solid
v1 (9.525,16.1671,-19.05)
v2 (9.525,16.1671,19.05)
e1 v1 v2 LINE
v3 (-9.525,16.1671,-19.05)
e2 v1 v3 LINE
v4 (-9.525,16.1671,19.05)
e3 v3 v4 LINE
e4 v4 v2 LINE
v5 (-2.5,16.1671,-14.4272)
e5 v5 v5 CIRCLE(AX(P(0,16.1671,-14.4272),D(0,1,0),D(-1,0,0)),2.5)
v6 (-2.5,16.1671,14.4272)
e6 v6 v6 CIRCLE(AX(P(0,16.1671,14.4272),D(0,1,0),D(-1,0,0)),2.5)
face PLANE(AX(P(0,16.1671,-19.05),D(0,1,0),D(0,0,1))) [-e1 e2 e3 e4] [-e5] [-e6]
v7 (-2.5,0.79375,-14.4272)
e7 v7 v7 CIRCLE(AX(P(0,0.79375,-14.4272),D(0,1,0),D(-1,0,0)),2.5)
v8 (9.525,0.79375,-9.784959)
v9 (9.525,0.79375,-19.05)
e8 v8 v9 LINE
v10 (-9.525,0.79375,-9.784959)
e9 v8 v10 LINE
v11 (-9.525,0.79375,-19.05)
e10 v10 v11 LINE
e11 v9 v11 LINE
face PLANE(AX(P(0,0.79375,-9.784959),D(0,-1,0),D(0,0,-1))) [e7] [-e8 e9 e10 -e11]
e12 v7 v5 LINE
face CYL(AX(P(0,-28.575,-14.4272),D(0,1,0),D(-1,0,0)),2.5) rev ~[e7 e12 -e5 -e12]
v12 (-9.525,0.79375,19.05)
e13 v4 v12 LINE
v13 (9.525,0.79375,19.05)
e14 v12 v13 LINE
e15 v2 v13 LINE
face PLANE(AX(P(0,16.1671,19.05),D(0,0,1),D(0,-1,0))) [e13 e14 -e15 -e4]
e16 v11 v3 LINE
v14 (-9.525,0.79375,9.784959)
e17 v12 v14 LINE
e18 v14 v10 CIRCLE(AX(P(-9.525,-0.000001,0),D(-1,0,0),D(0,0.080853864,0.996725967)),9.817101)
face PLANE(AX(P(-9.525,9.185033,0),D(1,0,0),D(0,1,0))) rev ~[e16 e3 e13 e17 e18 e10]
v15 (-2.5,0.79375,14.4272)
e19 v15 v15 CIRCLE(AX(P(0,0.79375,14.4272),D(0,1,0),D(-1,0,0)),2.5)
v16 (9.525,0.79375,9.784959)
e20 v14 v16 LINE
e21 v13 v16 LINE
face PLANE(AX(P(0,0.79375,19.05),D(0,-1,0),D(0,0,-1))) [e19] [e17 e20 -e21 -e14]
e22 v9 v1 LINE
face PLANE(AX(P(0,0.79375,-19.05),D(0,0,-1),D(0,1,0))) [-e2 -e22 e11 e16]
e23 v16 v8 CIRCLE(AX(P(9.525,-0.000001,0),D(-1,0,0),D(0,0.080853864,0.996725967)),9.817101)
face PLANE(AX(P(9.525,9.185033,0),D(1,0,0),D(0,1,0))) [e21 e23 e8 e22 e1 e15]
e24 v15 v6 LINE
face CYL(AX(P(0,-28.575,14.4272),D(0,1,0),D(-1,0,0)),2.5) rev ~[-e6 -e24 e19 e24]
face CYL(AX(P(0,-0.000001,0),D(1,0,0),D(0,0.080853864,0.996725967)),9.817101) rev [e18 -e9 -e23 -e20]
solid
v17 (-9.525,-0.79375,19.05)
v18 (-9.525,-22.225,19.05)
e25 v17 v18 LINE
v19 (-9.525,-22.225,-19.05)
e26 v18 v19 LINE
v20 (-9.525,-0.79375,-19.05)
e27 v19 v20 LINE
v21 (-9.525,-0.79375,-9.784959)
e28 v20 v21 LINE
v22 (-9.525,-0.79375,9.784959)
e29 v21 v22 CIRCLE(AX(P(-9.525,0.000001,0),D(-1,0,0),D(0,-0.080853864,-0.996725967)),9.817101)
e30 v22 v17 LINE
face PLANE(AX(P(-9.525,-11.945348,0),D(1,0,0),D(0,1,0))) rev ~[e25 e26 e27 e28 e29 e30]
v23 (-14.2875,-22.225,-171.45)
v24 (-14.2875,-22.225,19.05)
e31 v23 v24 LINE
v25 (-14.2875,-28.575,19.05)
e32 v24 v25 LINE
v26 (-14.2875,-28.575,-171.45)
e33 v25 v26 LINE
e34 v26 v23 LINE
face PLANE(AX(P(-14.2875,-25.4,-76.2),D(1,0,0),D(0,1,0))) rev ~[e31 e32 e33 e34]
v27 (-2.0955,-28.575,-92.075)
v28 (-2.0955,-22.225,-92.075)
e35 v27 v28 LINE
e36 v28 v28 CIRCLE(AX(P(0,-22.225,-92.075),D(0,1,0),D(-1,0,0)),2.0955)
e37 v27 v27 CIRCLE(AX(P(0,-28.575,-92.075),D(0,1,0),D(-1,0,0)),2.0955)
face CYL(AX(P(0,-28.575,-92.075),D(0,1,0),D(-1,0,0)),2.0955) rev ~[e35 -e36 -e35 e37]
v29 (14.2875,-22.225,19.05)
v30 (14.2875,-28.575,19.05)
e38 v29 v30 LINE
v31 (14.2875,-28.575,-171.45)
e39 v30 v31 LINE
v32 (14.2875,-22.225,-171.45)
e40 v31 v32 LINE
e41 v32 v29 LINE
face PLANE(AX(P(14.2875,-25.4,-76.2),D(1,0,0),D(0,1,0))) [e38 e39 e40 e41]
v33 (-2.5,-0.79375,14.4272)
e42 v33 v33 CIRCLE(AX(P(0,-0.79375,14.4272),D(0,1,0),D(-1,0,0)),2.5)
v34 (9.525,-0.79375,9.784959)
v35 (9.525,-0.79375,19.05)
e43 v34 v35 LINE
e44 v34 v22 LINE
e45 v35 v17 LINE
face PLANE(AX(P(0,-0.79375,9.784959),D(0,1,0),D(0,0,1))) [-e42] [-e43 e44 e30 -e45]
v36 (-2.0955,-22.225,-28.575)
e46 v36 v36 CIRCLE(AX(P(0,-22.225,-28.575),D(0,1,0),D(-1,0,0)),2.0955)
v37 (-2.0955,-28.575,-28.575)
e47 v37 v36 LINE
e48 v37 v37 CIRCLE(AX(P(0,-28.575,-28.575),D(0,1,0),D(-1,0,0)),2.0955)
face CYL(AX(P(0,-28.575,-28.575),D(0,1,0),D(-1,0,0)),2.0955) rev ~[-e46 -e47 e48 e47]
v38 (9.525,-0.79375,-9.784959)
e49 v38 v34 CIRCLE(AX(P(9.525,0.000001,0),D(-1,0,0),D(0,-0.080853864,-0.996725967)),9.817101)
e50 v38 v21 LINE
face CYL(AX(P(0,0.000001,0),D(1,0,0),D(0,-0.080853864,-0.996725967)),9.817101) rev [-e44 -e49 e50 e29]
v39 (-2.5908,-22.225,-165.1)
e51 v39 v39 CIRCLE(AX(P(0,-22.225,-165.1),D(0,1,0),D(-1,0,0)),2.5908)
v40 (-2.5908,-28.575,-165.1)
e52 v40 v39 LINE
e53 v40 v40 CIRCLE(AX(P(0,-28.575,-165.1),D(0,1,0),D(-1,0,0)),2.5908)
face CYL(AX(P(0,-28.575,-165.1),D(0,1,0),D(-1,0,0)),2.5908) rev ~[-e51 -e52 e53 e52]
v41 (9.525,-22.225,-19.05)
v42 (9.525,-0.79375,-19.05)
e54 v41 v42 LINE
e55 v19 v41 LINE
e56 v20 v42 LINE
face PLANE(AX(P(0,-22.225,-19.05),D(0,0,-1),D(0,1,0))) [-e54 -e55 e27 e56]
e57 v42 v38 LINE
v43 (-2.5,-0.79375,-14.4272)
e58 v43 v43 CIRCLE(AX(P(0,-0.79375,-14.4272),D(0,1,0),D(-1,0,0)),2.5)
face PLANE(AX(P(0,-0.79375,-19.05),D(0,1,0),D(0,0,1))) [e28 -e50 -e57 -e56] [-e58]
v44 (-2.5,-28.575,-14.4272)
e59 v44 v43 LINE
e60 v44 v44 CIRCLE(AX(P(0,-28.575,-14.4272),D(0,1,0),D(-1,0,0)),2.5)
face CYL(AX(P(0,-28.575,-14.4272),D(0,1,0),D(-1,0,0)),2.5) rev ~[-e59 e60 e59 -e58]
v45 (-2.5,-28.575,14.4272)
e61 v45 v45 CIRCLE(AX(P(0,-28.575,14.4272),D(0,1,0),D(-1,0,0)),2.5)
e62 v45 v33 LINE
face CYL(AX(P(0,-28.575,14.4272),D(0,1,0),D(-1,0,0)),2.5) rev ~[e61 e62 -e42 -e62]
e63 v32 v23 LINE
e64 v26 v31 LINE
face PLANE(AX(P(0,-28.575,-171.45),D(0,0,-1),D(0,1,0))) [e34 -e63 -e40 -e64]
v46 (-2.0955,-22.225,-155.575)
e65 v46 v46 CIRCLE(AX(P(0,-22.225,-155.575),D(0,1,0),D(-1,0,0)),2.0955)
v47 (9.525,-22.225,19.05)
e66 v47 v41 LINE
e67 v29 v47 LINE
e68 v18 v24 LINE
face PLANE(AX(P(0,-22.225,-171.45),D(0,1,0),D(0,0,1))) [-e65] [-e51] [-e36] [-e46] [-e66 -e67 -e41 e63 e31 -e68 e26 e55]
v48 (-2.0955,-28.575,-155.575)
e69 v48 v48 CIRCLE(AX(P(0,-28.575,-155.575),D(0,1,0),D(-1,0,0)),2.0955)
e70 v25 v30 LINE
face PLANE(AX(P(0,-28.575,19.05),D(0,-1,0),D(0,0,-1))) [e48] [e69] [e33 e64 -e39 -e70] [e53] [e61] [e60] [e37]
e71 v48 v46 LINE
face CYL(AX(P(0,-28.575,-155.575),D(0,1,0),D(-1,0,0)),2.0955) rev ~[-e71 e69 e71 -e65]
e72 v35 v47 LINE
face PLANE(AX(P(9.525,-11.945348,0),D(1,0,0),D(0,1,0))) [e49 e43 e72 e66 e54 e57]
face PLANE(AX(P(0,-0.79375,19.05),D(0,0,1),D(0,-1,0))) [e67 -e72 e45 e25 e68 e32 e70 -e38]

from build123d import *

# Parameters (mm, degrees)
F1_DEPTH       = 14.2875
F1_DEPTH_BACK  = 14.2875
F3_DEPTH       = 9.525
F3_DEPTH_BACK  = 9.525
F4_D           = 5
F4_DEPTH       = 76.2
F4_CBORE_D     = 11.25
F4_CBORE_DEPTH = 0
F5_D           = 4.191
F5_DEPTH       = 76.2
F5_CBORE_D     = 11.25
F5_CBORE_DEPTH = 0
F6_D           = 5.1816
F6_DEPTH       = 76.2
F6_CBORE_D     = 11.25
F6_CBORE_DEPTH = 0


with BuildPart() as f1:
    # F0 (on Right) → F1 (new body, two sides)
    with BuildSketch(Plane.YZ) as f1_sk:
        Polygon((-22.225, 19.05), (-28.575, 19.05), (-28.575, -171.45), (-22.225, -171.45), (-22.225, -19.05), align=None)
    extrude(amount=F1_DEPTH)
    extrude(f1_sk.sketch, amount=-F1_DEPTH_BACK)

    # F0 (on Right) → F3 (join, two sides)
    with BuildSketch(Plane.YZ) as f3_sk:
        with BuildLine():
            Line((-0.79375, 19.05), (-22.225, 19.05))
            Line((-22.225, 19.05), (-22.225, -19.05))
            Line((-22.225, -19.05), (-0.79375, -19.05))
            Line((-0.79375, -19.05), (-0.79375, -9.784959))
            ThreePointArc((-0.79375, -9.784959), (-9.8171, 0), (-0.79375, 9.784959))
            Line((-0.79375, 9.784959), (-0.79375, 19.05))
        make_face()
        with BuildLine():
            Line((16.1671, -19.05), (16.1671, 19.05))
            Line((16.1671, 19.05), (0.79375, 19.05))
            Line((0.79375, 19.05), (0.79375, 9.784959))
            ThreePointArc((0.79375, 9.784959), (9.8171, 0), (0.79375, -9.784959))
            Line((0.79375, -9.784959), (0.79375, -19.05))
            Line((0.79375, -19.05), (16.1671, -19.05))
        make_face()
    extrude(amount=F3_DEPTH)
    extrude(f3_sk.sketch, amount=-F3_DEPTH_BACK)

    # F4
    with Locations(Plane.XZ.offset(28.575)):
        with Locations((0, 14.4272), (0, -14.4272)):
            CounterBoreHole(F4_D / 2, F4_CBORE_D / 2, F4_CBORE_DEPTH, depth=F4_DEPTH)

    # F5
    with Locations(Plane.XZ.offset(28.575)):
        with Locations((0, -28.575), (0, -92.075), (0, -155.575)):
            CounterBoreHole(F5_D / 2, F5_CBORE_D / 2, F5_CBORE_DEPTH, depth=F5_DEPTH)

    # F6
    with Locations(Plane.XZ.offset(28.575)):
        with Locations((0, -165.1)):
            CounterBoreHole(F6_D / 2, F6_CBORE_D / 2, F6_CBORE_DEPTH, depth=F6_DEPTH)


solid = f1.part
